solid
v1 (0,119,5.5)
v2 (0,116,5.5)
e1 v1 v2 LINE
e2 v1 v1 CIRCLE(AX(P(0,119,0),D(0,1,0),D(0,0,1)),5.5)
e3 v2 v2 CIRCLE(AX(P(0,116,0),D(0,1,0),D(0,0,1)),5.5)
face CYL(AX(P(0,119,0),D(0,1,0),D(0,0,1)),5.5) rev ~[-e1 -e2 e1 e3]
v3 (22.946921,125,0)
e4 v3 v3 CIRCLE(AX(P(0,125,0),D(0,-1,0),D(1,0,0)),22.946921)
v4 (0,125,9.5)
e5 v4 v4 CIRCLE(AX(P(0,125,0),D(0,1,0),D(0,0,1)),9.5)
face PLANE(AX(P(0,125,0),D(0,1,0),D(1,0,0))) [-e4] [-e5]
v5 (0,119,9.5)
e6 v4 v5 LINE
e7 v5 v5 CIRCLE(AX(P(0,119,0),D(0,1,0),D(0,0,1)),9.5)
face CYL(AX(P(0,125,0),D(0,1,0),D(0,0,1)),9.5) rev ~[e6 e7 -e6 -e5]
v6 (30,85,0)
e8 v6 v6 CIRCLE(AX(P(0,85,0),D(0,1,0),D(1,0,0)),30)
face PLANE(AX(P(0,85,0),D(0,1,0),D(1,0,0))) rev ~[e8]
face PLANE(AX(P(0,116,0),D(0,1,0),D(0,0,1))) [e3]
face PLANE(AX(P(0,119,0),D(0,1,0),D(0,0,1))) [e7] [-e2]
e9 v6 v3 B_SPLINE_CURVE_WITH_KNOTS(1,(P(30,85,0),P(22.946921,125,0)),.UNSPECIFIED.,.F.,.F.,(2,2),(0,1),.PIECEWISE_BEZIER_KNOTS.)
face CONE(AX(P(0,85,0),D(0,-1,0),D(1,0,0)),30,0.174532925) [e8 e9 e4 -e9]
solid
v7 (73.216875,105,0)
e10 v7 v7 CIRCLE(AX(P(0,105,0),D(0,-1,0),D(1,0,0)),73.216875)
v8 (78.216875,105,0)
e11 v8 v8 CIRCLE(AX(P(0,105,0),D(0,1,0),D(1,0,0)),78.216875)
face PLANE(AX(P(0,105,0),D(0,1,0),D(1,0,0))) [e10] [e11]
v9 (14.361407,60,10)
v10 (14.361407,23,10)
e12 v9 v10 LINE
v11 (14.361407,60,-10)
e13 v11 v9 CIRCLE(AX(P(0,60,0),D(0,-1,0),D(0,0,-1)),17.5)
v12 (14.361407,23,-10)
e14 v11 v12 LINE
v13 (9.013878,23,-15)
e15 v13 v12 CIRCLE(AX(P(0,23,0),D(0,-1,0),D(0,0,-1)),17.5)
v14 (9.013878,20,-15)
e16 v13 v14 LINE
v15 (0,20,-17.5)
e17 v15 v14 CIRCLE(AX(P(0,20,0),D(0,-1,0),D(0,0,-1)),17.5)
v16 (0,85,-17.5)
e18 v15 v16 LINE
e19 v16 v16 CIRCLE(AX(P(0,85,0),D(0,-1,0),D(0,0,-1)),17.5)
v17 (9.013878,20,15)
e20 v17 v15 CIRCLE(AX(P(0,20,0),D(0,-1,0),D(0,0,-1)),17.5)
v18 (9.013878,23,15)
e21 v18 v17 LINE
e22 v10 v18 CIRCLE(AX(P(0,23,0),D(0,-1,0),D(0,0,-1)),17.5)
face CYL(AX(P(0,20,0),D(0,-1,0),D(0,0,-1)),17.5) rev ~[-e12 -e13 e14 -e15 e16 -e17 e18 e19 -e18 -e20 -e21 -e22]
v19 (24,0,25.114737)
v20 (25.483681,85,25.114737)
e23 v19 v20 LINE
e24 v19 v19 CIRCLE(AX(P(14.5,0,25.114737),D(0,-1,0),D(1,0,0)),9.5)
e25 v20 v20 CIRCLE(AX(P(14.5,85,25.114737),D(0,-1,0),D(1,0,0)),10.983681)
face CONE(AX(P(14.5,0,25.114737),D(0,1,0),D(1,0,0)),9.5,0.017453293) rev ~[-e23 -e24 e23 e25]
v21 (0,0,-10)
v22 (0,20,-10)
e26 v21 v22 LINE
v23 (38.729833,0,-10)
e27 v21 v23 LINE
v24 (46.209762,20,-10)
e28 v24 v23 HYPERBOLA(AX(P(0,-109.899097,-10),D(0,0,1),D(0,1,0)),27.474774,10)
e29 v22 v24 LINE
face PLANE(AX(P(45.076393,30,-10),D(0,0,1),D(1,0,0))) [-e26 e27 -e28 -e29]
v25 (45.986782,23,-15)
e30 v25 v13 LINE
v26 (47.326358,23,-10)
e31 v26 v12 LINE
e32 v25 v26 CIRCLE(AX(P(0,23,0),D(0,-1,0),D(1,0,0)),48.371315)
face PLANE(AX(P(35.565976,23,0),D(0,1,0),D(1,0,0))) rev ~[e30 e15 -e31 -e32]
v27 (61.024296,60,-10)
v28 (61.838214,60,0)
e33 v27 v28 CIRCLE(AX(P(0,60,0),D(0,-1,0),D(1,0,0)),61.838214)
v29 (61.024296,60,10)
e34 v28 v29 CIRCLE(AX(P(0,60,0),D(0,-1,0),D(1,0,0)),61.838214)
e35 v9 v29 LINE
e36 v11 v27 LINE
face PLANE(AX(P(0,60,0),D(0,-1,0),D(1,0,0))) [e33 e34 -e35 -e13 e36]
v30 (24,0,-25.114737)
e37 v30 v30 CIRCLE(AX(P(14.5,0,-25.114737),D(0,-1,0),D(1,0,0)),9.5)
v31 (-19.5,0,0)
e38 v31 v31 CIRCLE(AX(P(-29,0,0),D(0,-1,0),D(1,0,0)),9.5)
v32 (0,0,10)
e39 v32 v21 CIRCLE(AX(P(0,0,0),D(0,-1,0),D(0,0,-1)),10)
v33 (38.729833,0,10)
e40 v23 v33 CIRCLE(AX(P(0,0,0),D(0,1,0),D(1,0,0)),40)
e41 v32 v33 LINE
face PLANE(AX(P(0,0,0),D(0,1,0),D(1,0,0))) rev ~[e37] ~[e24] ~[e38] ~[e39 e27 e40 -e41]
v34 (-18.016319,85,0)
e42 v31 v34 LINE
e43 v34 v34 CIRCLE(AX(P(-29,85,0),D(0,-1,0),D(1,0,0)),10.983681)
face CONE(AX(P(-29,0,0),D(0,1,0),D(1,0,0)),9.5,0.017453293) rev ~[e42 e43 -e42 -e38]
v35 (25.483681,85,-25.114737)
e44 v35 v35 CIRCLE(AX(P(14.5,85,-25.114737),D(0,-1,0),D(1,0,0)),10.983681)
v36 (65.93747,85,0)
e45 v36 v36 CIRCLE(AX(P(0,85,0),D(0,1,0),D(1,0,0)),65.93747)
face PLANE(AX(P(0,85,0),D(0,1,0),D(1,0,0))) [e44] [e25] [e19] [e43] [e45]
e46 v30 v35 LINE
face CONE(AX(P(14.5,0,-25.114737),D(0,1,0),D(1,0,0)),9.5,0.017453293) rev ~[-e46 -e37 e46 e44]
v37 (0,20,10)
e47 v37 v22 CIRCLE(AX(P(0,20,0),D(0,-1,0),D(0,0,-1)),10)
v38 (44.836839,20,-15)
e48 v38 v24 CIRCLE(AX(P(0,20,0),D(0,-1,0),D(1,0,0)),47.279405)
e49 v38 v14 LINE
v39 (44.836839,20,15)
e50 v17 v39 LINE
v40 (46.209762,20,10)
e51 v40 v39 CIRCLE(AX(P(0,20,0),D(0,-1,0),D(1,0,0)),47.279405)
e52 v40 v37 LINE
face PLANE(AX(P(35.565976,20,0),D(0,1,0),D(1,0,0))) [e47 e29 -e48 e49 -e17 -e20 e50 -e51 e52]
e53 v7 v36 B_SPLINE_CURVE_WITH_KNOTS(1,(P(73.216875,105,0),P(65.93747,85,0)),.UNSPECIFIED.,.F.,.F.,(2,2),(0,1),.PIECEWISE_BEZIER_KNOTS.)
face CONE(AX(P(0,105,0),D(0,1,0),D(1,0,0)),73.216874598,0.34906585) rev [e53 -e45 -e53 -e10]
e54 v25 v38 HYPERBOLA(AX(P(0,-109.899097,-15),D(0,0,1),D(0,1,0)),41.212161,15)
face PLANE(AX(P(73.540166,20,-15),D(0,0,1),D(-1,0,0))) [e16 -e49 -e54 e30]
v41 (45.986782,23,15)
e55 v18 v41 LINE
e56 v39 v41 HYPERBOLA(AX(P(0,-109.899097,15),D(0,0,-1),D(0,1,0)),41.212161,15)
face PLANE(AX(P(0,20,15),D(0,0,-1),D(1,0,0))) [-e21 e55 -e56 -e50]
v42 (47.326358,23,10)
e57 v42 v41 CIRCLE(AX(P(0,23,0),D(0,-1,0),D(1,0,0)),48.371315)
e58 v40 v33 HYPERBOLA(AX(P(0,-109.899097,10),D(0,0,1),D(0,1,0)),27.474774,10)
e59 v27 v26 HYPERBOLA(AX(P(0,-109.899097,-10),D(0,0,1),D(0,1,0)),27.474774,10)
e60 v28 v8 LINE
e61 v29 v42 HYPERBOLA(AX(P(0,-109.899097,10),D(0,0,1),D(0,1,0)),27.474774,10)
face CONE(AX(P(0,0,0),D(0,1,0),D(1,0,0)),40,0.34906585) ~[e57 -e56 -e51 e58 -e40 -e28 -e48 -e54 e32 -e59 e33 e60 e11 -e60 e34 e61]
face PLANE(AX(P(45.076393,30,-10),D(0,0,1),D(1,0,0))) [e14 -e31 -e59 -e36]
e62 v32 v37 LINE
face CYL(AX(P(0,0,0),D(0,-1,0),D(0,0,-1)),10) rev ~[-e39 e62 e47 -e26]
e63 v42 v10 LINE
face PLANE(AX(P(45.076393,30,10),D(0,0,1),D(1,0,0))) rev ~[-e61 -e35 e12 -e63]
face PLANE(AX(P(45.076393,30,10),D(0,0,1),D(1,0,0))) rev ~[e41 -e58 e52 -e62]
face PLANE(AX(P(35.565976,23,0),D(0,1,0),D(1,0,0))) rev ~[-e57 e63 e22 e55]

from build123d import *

# Parameters (mm, degrees)
SKETCH1_R                    = 40
BOSS_EXTRUDE1_DEPTH          = 105
BOSS_EXTRUDE1_DRAFT          = -20
SKETCH2_R                    = 10
CUT_EXTRUDE1_DEPTH           = 20
SKETCH3_W                    = 90.152785451
SKETCH3_H                    = 60
CUT_EXTRUDE2_DEPTH           = 10
SKETCH4_R                    = 9.5
CUT_EXTRUDE3_DEPTH           = 105
CUT_EXTRUDE3_DRAFT           = 1
CUT_EXTRUDE3_PROFILE_2_DEPTH = 105
CUT_EXTRUDE3_PROFILE_2_DRAFT = 1
CUT_EXTRUDE3_PROFILE_3_DEPTH = 105
CUT_EXTRUDE3_PROFILE_3_DRAFT = 1
SKETCH7_R                    = 17.5
CUT_EXTRUDE5_DEPTH           = 80
CUT_EXTRUDE6_DEPTH           = 3
SKETCH9_R                    = 73.216874598
CUT_EXTRUDE7_DEPTH           = 20
CUT_EXTRUDE7_TAPER           = 20
CUT_EXTRUDE7_OTHER_WAY_DEPTH = 20
CUT_EXTRUDE7_OTHER_WAY_TAPER = 20
SKETCH10_R                   = 30
BOSS_EXTRUDE2_DEPTH          = 40
BOSS_EXTRUDE2_TAPER          = 10
SKETCH11_R                   = 9.5
CUT_EXTRUDE8_DEPTH           = 6
SKETCH12_R                   = 5.5
CUT_EXTRUDE9_DEPTH           = 3


with BuildPart() as part:
    # Sketch1 → Boss-Extrude1 (with draft: the straight prism first)
    with BuildSketch(Plane(origin=(0, 0, 0), x_dir=(1, 0, 0), z_dir=(0, 1, 0))):
        Circle(SKETCH1_R)
    extrude(amount=BOSS_EXTRUDE1_DEPTH)
    # Boss-Extrude1: the draft: its side faces are tilted about the plane it starts from
    boss_extrude1_sides = [part.faces().sort_by_distance(p)[0] for p in [
        (-40, 52.5, 0),
    ]]
    draft(boss_extrude1_sides, Plane(origin=(0, 0, 0), x_dir=(1, 0, 0), z_dir=(0, 1, 0)), BOSS_EXTRUDE1_DRAFT)

    # Sketch2 → Cut-Extrude1 (cut)
    with BuildSketch(Plane.XZ):
        with Locations(Location((0, 0, 0), (0, 0, 270))):
            Circle(SKETCH2_R)
    extrude(amount=-CUT_EXTRUDE1_DEPTH, mode=Mode.SUBTRACT)

    # Sketch3 → Cut-Extrude2 (cut, symmetric)
    with BuildSketch(Plane.XY):
        with Locations((45.076392725, 30)):
            Rectangle(SKETCH3_W, SKETCH3_H)
    extrude(amount=CUT_EXTRUDE2_DEPTH, both=True, mode=Mode.SUBTRACT)


with BuildPart() as cut_extrude3_tool:
    # Sketch4 → Cut-Extrude3 (with draft: the straight prism first)
    with BuildSketch(Plane.XZ):
        with Locations((14.5, 25.11473671)):
            Circle(SKETCH4_R)
    extrude(amount=-CUT_EXTRUDE3_DEPTH)
    # Cut-Extrude3: the draft: its side faces are tilted about the plane it starts from
    cut_extrude3_sides = [cut_extrude3_tool.faces().sort_by_distance(p)[0] for p in [
        (5, 52.5, 25.11473671),
    ]]
    draft(cut_extrude3_sides, Plane.XZ, CUT_EXTRUDE3_DRAFT)


with BuildPart() as part_1:
    add(part.part)

    # Cut-Extrude3: cut by cut_extrude3_tool
    add(cut_extrude3_tool.part, mode=Mode.SUBTRACT)


with BuildPart() as cut_extrude3_profile_2_tool:
    # Sketch4 → Cut-Extrude3 profile 2 (with draft: the straight prism first)
    with BuildSketch(Plane.XZ):
        with Locations((-29, 0)):
            Circle(SKETCH4_R)
    extrude(amount=-CUT_EXTRUDE3_PROFILE_2_DEPTH)
    # Cut-Extrude3 profile 2: the draft: its side faces are tilted about the plane it starts from
    cut_extrude3_profile_2_sides = [cut_extrude3_profile_2_tool.faces().sort_by_distance(p)[0] for p in [
        (-38.5, 52.5, 0),
    ]]
    draft(cut_extrude3_profile_2_sides, Plane.XZ, CUT_EXTRUDE3_PROFILE_2_DRAFT)


with BuildPart() as part_2:
    add(part_1.part)

    # Cut-Extrude3 profile 2: cut by cut_extrude3_profile_2_tool
    add(cut_extrude3_profile_2_tool.part, mode=Mode.SUBTRACT)


with BuildPart() as cut_extrude3_profile_3_tool:
    # Sketch4 → Cut-Extrude3 profile 3 (with draft: the straight prism first)
    with BuildSketch(Plane.XZ):
        with Locations((14.5, -25.11473671)):
            Circle(SKETCH4_R)
    extrude(amount=-CUT_EXTRUDE3_PROFILE_3_DEPTH)
    # Cut-Extrude3 profile 3: the draft: its side faces are tilted about the plane it starts from
    cut_extrude3_profile_3_sides = [cut_extrude3_profile_3_tool.faces().sort_by_distance(p)[0] for p in [
        (5, 52.5, -25.11473671),
    ]]
    draft(cut_extrude3_profile_3_sides, Plane.XZ, CUT_EXTRUDE3_PROFILE_3_DRAFT)


with BuildPart() as part_3:
    add(part_2.part)

    # Cut-Extrude3 profile 3: cut by cut_extrude3_profile_3_tool
    add(cut_extrude3_profile_3_tool.part, mode=Mode.SUBTRACT)

    # Sketch7 → Cut-Extrude5 (cut)
    with BuildSketch(Plane.XZ.offset(-20)):
        with Locations(Location((0, 0, 0), (0, 0, 270))):
            Circle(SKETCH7_R)
    extrude(amount=-CUT_EXTRUDE5_DEPTH, mode=Mode.SUBTRACT)

    # Sketch8 → Cut-Extrude6 (cut)
    with BuildSketch(Plane(origin=(0, 20, 0), x_dir=(1, 0, 0), z_dir=(0, 1, 0))):
        with BuildLine():
            ThreePointArc((14.361406616, -10), (11.952028486, -12.782762419), (9.013878189, -15))
            Line((9.013878189, -15), (73.540166037, -15))
            Line((73.540166037, -15), (73.540166037, 15))
            Line((73.540166037, 15), (9.013878189, 15))
            ThreePointArc((9.013878189, 15), (11.952028486, 12.782762419), (14.361406616, 10))
            Line((14.361406616, 10), (0, 10))
            Line((0, 10), (0, -10))
            Line((0, -10), (14.361406616, -10))
        make_face()
        with BuildLine():
            ThreePointArc((14.361406616, 10), (11.952028486, 12.782762419), (9.013878189, 15))
            Line((9.013878189, 15), (0, 15))
            Line((0, 15), (0, 10))
            Line((0, 10), (14.361406616, 10))
        make_face()
        with BuildLine():
            Line((0, -10), (0, -15))
            Line((0, -15), (9.013878189, -15))
            ThreePointArc((9.013878189, -15), (11.952028486, -12.782762419), (14.361406616, -10))
            Line((14.361406616, -10), (0, -10))
        make_face()
    extrude(amount=CUT_EXTRUDE6_DEPTH, mode=Mode.SUBTRACT)

    # Sketch9 → Cut-Extrude7 (cut)
    with BuildSketch(Plane(origin=(0, 105, 0), x_dir=(1, 0, 0), z_dir=(0, 1, 0))):
        Circle(SKETCH9_R)
    extrude(amount=CUT_EXTRUDE7_DEPTH, taper=CUT_EXTRUDE7_TAPER, mode=Mode.SUBTRACT)

    # Sketch9 → Cut-Extrude7 other way (cut)
    with BuildSketch(Plane(origin=(0, 105, 0), x_dir=(1, 0, 0), z_dir=(0, 1, 0))):
        Circle(SKETCH9_R)
    extrude(amount=-CUT_EXTRUDE7_OTHER_WAY_DEPTH, taper=CUT_EXTRUDE7_OTHER_WAY_TAPER, mode=Mode.SUBTRACT)


with BuildPart() as body_2:
    # Sketch10 → Boss-Extrude2 (new body)
    with BuildSketch(Plane(origin=(0, 85, 0), x_dir=(1, 0, 0), z_dir=(0, 1, 0))):
        Circle(SKETCH10_R)
    extrude(amount=BOSS_EXTRUDE2_DEPTH, taper=BOSS_EXTRUDE2_TAPER)

    # Sketch11 → Cut-Extrude8 (cut)
    with BuildSketch(Plane(origin=(0, 125, 0), x_dir=(1, 0, 0), z_dir=(0, 1, 0))):
        with Locations(Location((0, 0, 0), (0, 0, 270))):
            Circle(SKETCH11_R)
    extrude(amount=-CUT_EXTRUDE8_DEPTH, mode=Mode.SUBTRACT)

    # Sketch12 → Cut-Extrude9 (cut)
    with BuildSketch(Plane(origin=(0, 119, 0), x_dir=(1, 0, 0), z_dir=(0, 1, 0))):
        with Locations(Location((0, 0, 0), (0, 0, 270))):
            Circle(SKETCH12_R)
    extrude(amount=-CUT_EXTRUDE9_DEPTH, mode=Mode.SUBTRACT)


solid = Compound([part_3.part, body_2.part])
